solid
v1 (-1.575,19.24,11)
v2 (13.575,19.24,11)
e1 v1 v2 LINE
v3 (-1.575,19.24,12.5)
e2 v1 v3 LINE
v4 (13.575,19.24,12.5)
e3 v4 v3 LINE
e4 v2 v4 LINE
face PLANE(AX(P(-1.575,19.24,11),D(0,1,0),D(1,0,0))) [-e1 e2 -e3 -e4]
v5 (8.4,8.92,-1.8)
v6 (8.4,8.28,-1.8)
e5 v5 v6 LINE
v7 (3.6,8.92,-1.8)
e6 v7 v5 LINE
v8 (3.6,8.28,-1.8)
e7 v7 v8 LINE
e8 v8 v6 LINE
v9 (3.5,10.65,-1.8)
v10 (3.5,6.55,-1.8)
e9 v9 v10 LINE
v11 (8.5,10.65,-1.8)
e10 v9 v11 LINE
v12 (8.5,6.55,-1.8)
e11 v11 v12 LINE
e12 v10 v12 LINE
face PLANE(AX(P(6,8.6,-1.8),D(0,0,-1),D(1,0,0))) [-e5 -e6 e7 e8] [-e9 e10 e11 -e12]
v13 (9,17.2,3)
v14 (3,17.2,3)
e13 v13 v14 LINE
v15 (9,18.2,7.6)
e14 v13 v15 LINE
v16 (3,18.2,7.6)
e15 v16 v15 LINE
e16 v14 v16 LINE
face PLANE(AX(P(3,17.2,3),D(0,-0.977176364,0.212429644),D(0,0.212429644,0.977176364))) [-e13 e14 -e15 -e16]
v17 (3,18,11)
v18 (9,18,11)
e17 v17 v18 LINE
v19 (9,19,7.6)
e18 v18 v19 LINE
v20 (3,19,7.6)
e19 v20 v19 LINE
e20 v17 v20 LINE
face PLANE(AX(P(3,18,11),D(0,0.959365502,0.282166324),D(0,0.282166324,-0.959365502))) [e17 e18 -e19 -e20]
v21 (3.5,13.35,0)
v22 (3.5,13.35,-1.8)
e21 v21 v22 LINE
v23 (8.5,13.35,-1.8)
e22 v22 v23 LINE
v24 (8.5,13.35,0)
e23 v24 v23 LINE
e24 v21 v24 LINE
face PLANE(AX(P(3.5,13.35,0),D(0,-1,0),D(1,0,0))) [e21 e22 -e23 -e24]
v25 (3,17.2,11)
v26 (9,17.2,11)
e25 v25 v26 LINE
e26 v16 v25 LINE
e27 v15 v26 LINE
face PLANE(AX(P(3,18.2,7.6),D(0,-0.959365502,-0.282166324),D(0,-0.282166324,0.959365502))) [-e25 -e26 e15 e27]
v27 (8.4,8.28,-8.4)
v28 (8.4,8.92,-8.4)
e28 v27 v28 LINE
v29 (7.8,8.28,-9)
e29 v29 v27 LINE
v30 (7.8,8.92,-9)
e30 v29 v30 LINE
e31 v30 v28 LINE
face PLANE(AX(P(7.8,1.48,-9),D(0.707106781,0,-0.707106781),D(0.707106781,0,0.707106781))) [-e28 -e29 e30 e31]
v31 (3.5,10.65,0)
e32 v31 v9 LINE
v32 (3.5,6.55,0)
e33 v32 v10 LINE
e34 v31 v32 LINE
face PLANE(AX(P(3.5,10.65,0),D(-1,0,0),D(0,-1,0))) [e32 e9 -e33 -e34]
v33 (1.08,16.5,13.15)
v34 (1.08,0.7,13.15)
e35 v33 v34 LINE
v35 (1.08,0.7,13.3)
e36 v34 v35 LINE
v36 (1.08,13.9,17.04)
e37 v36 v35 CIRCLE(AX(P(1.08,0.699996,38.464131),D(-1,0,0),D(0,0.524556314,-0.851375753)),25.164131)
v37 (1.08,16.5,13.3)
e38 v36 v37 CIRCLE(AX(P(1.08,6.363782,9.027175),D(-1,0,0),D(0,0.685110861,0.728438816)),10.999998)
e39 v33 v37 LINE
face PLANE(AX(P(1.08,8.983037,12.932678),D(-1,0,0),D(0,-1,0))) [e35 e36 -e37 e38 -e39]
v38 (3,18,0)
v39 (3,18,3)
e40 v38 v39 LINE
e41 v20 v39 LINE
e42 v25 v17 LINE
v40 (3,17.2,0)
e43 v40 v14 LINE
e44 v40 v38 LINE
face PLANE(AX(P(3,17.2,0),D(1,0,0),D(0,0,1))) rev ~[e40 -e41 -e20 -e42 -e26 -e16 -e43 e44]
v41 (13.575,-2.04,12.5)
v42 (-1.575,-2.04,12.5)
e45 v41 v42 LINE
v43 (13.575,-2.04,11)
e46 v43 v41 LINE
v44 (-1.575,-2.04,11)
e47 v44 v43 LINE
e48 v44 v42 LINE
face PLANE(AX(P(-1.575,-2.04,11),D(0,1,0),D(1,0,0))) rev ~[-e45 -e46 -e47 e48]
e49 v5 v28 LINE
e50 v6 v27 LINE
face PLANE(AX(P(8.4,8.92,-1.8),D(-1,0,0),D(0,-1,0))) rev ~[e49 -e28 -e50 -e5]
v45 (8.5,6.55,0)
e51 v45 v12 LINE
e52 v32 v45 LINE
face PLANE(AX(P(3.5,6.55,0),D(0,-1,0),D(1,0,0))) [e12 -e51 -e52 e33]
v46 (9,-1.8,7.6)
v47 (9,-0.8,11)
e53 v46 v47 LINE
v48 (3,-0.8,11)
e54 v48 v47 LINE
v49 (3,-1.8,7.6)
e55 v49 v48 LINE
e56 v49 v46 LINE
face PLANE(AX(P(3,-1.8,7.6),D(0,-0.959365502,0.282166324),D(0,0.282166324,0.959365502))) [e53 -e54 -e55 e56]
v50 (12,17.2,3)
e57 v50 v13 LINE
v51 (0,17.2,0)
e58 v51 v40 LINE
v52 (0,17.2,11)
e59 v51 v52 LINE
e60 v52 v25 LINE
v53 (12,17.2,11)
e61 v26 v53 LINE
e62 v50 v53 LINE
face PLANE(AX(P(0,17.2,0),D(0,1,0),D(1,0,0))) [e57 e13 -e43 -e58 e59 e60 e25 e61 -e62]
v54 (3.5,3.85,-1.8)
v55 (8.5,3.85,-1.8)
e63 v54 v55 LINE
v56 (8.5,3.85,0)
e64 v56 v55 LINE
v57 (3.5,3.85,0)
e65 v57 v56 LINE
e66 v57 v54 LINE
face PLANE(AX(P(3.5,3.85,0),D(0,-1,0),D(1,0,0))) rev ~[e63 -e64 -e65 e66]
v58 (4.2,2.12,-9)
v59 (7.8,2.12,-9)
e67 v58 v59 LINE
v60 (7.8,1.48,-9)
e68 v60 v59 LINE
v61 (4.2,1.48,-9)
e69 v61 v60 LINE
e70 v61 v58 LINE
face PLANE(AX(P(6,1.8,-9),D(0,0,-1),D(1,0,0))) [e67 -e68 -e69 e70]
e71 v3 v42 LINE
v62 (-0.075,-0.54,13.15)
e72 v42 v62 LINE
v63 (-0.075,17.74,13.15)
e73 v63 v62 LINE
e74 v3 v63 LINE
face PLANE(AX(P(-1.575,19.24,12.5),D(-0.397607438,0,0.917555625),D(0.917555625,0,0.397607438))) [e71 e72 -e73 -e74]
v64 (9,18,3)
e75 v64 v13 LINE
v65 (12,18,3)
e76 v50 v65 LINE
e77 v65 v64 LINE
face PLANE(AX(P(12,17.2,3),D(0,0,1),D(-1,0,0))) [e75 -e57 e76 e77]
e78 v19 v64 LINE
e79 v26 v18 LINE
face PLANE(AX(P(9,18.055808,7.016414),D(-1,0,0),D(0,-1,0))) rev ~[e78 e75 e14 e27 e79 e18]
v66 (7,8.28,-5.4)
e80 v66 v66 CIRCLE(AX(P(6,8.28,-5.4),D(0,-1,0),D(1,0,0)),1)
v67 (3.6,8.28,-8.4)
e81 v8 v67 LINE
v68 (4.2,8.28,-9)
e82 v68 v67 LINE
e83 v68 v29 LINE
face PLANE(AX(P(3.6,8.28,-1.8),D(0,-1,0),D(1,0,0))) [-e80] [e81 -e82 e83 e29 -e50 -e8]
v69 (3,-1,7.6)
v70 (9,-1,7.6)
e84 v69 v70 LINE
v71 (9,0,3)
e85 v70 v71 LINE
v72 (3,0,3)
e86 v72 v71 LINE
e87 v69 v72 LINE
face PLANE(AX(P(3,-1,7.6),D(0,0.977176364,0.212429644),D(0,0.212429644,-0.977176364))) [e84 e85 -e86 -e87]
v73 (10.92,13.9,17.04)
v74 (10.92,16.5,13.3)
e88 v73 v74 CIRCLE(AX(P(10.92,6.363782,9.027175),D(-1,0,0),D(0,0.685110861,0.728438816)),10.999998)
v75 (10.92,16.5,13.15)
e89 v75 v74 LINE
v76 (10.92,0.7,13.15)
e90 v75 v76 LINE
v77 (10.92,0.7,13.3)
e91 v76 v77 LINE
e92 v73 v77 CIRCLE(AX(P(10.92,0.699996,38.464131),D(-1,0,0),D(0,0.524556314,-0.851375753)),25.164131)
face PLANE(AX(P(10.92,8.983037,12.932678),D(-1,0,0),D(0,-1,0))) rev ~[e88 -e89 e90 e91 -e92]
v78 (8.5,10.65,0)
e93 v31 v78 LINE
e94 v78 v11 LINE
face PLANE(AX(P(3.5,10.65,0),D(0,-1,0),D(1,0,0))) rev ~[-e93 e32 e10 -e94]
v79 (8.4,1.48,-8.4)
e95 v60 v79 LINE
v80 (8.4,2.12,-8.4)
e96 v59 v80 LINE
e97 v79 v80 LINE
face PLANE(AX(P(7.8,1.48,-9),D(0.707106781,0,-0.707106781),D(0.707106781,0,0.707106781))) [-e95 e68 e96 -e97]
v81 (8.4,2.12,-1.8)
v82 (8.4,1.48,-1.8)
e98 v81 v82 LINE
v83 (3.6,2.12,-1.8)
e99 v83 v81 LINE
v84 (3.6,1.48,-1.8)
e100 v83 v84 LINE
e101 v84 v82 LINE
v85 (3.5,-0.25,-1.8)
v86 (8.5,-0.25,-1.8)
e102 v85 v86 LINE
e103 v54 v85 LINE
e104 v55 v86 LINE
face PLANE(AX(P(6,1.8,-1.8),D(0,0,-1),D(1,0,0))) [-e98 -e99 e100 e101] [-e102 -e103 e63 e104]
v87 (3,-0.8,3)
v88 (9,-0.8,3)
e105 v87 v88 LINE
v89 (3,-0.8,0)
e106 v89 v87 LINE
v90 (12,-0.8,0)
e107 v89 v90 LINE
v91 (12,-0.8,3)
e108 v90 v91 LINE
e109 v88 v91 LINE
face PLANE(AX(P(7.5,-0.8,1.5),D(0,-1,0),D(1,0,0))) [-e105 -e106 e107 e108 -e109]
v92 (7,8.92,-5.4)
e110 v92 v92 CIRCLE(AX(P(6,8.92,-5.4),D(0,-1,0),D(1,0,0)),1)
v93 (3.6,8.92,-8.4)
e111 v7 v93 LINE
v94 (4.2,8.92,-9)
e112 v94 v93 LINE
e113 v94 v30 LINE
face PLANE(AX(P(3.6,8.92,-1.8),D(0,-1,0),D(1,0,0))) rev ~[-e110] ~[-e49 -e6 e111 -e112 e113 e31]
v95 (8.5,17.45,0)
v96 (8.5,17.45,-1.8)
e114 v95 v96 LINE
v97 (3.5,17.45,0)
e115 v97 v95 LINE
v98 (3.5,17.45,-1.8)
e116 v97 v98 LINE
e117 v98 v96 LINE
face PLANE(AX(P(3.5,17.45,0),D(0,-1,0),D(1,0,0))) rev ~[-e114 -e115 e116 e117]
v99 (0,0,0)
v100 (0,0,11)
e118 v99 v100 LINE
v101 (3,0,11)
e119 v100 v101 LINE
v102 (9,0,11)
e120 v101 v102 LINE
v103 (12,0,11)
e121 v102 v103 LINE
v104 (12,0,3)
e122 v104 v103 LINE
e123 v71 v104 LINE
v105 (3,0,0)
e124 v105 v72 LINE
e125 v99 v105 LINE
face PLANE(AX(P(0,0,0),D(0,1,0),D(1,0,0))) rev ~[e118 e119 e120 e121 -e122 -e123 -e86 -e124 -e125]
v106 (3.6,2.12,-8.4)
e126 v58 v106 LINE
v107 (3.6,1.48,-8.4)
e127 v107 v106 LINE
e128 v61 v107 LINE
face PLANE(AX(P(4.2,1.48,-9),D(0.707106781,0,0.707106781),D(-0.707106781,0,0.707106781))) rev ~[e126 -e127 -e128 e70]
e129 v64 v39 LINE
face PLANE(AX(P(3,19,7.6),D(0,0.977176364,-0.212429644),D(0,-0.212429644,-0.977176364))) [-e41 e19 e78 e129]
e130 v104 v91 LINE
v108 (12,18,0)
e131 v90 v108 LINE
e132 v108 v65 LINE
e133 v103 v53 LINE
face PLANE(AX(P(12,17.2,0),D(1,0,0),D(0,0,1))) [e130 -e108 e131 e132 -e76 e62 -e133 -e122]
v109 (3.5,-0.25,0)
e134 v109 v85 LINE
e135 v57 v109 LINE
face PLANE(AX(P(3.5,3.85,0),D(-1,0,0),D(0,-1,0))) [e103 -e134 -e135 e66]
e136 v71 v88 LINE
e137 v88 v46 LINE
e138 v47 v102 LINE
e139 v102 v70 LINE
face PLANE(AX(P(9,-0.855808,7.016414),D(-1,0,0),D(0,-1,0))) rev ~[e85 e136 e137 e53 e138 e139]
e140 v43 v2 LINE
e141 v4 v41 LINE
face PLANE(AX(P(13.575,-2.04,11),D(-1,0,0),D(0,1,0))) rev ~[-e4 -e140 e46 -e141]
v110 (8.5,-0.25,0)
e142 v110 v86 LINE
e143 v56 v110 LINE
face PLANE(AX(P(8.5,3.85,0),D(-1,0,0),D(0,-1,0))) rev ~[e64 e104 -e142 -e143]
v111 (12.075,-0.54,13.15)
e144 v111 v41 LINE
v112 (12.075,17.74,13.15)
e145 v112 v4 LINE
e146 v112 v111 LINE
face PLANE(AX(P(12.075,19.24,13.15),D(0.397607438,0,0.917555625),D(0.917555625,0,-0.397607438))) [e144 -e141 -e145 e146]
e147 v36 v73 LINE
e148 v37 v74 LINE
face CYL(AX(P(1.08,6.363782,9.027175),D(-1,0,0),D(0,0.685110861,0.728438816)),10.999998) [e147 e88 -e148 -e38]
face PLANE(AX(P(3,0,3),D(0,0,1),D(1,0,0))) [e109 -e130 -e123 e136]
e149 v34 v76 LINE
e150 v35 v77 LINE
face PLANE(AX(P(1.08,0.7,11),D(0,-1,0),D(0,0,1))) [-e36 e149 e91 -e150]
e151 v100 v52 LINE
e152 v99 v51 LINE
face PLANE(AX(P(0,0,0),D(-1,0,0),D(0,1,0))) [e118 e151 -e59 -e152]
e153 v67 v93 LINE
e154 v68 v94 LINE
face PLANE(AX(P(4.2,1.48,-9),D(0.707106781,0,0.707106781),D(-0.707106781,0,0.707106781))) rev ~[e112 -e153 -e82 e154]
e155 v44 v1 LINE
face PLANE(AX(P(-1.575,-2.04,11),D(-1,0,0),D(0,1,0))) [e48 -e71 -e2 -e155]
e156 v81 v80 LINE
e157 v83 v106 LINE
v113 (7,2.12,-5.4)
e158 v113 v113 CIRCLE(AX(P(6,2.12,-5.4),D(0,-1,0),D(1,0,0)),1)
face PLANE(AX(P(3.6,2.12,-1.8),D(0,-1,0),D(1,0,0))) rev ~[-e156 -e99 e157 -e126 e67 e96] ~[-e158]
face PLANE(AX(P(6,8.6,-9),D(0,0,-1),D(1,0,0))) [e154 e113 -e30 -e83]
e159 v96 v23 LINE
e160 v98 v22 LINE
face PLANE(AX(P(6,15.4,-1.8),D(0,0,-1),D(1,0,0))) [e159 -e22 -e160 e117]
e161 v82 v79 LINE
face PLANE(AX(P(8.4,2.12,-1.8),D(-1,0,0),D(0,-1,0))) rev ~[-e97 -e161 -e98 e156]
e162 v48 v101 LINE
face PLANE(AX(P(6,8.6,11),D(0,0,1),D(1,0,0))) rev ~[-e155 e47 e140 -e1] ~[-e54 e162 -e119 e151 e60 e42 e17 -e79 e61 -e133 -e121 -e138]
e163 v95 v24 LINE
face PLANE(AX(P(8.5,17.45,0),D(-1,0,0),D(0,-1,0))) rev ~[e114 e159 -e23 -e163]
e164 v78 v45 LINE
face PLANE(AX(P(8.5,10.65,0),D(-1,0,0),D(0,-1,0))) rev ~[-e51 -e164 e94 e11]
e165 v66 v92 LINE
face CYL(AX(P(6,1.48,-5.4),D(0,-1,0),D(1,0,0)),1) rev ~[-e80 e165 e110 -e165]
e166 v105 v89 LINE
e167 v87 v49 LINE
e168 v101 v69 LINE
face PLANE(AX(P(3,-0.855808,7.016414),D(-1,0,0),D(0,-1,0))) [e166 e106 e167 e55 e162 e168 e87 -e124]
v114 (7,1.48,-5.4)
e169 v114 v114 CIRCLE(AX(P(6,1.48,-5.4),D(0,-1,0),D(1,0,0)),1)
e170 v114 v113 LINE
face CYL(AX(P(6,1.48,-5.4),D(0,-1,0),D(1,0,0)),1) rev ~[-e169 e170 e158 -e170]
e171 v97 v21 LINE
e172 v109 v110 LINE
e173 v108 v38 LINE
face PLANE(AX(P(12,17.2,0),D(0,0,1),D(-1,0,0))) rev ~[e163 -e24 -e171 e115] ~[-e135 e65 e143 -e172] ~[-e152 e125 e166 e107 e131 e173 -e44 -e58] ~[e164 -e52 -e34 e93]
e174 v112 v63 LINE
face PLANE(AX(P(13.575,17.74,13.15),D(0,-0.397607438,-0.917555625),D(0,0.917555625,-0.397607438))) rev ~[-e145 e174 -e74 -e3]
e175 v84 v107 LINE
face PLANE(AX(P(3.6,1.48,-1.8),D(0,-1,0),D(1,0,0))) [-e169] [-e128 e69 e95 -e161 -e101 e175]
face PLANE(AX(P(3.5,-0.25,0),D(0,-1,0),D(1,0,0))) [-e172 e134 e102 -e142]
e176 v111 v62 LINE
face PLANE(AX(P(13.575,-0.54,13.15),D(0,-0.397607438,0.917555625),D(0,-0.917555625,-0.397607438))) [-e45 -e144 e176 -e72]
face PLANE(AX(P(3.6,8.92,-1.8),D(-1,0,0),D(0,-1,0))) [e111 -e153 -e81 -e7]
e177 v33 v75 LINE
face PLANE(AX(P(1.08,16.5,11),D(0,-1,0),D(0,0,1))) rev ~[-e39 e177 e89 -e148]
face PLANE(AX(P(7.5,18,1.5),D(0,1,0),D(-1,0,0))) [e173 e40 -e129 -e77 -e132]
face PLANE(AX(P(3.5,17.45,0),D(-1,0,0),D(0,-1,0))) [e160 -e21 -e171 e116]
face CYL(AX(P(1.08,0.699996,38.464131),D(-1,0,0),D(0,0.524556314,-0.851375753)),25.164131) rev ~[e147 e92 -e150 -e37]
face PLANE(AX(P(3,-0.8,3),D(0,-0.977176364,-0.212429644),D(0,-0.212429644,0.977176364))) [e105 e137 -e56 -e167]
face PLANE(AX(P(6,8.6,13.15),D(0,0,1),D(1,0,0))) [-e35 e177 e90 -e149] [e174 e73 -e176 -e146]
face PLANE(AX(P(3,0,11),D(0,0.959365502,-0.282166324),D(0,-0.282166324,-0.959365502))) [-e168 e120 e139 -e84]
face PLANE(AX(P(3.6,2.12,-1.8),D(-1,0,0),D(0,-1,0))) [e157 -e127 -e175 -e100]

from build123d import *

# Parameters (mm, degrees)
SKETCH001_W      = 9
SKETCH001_H      = 3
EXTRUDE001_DEPTH = 0.8
SKETCH002_W      = 9
SKETCH002_H      = 3
EXTRUDE002_DEPTH = 0.8
EXTRUDE005_DEPTH = 15.15
EXTRUDE004_DEPTH = 21.28
SKETCH003_W      = 15.15
SKETCH003_H      = 21.28
EXTRUDE003_DEPTH = 2.15
EXTRUDE006_DEPTH = 6
EXTRUDE007_DEPTH = 9.84
SKETCH008_W      = 5
SKETCH008_H      = 4.1
EXTRUDE008_DEPTH = 1.8
SKETCH010_R      = 1
EXTRUDE010_DEPTH = 8
SKETCH009_W      = 4.8
SKETCH009_H      = 0.64
EXTRUDE009_DEPTH = 7.2
SKETCH_W         = 12
SKETCH_H         = 17.2
EXTRUDE_DEPTH    = 11


with BuildPart() as extrude001:
    # Sketch001 (on Face1 of Extrude) → Extrude001 (new body)
    with BuildSketch(Plane.XZ):
        with Locations((7.5, 1.5)):
            Rectangle(SKETCH001_W, SKETCH001_H)
    extrude(amount=EXTRUDE001_DEPTH)


with BuildPart() as extrude002:
    # Sketch002 (on Face3 of Extrude) → Extrude002 (new body)
    with BuildSketch(Plane(origin=(0, 17.2, 0), x_dir=(-1, 0, 0), z_dir=(0, 1, 0))):
        with Locations((-7.5, 1.5)):
            Rectangle(SKETCH002_W, SKETCH002_H)
    extrude(amount=EXTRUDE002_DEPTH)


with BuildPart() as extrude005:
    # Sketch005 (on Face3 of Extrude003) → Extrude005 (new body)
    with BuildSketch(Plane.YZ.offset(13.575)):
        Polygon((19.24, 13.15), (17.74, 13.15), (19.24, 12.5), align=None)
        Polygon((-2.04, 13.15), (-0.54, 13.15), (-2.04, 12.5), align=None)
    extrude(amount=-EXTRUDE005_DEPTH)


with BuildPart() as fusion:
    # Sketch004 (on Face4 of Extrude003) → Extrude004 (new body)
    with BuildSketch(Plane(origin=(0, 19.24, 0), x_dir=(-1, 0, 0), z_dir=(0, 1, 0))):
        Polygon((-12.075, 13.15), (-13.575, 12.5), (-13.575, 13.15), align=None)
        Polygon((1.575, 13.15), (1.575, 12.5), (0.075, 13.15), align=None)
    extrude(amount=-EXTRUDE004_DEPTH)

    # Fusion: union Extrude005
    add(extrude005.part)


with BuildPart() as cut:
    # Sketch003 (on Face6 of Extrude) → Extrude003 (new body)
    with BuildSketch(Plane.XY.offset(11)):
        with Locations((6, 8.6)):
            Rectangle(SKETCH003_W, SKETCH003_H)
    extrude(amount=EXTRUDE003_DEPTH)

    # Cut: cut Fusion
    add(fusion.part, mode=Mode.SUBTRACT)


with BuildPart() as extrude006:
    # Sketch006 (on Face2 of Extrude) → Extrude006 (new body)
    with BuildSketch(Plane.YZ.offset(3)):
        Polygon((17.2, 3), (18.2, 7.6), (17.2, 11), (18, 11), (19, 7.6), (18, 3), align=None)
        Polygon((-0.8, 3), (-1.8, 7.6), (-0.8, 11), (0, 11), (-1, 7.6), (0, 3), align=None)
    extrude(amount=EXTRUDE006_DEPTH)


with BuildPart() as extrude007:
    # Sketch007 (on Face4 of Extrude) → Extrude007 (new body)
    with BuildSketch(Plane(origin=(1.08, 0, 0), x_dir=(0, -1, 0), z_dir=(-1, 0, 0))):
        with BuildLine():
            Line((-0.7, 11), (-0.7, 13.3))
            ThreePointArc((-13.9, 17.04), (-7.559803, 14.253048), (-0.7, 13.3))
            ThreePointArc((-13.9, 17.04), (-15.395706, 15.306052), (-16.5, 13.3))
            Line((-16.5, 11), (-16.5, 13.3))
            Line((-16.5, 11), (-0.7, 11))
        make_face()
    extrude(amount=-EXTRUDE007_DEPTH)


with BuildPart() as extrude008:
    # Sketch008 (on Face5 of Extrude) → Extrude008 (new body)
    with BuildSketch(Plane(origin=(0, 0, 0), x_dir=(1, 0, 0), z_dir=(0, 0, -1))):
        with Locations((6, -1.8)):
            Rectangle(SKETCH008_W, SKETCH008_H)
        with Locations((6, -8.6)):
            Rectangle(SKETCH008_W, SKETCH008_H)
        with Locations((6, -15.4)):
            Rectangle(SKETCH008_W, SKETCH008_H)
    extrude(amount=EXTRUDE008_DEPTH)


with BuildPart() as extrude010:
    # Sketch010 (on Face10 of Extrude009) → Extrude010 (new body)
    with BuildSketch(Plane.XZ.offset(-1.48)):
        with Locations((6, -5.4)):
            Circle(SKETCH010_R)
        Polygon((3.6, -9), (4.2, -9), (3.6, -8.4), align=None)
        Polygon((8.4, -9), (7.8, -9), (8.4, -8.4), align=None)
    extrude(amount=-EXTRUDE010_DEPTH)


with BuildPart() as cut001:
    # Sketch009 (on Face6 of Extrude008) → Extrude009 (new body)
    with BuildSketch(Plane(origin=(0, 0, -1.8), x_dir=(1, 0, 0), z_dir=(0, 0, -1))):
        with Locations((6, -1.8)):
            Rectangle(SKETCH009_W, SKETCH009_H)
        with Locations((6, -8.6)):
            Rectangle(SKETCH009_W, SKETCH009_H)
    extrude(amount=EXTRUDE009_DEPTH)

    # Cut001: cut Extrude010
    add(extrude010.part, mode=Mode.SUBTRACT)


with BuildPart() as fusion001:
    # Sketch → Extrude (new body)
    with BuildSketch(Plane.XY):
        with Locations((6, 8.6)):
            Rectangle(SKETCH_W, SKETCH_H)
    extrude(amount=EXTRUDE_DEPTH)

    # Fusion001: union Extrude001, Extrude002, Cut, Extrude006, Extrude007, Extrude008, Cut001
    add(extrude001.part)
    add(extrude002.part)
    add(cut.part)
    add(extrude006.part)
    add(extrude007.part)
    add(extrude008.part)
    add(cut001.part)


solid = fusion001.part
